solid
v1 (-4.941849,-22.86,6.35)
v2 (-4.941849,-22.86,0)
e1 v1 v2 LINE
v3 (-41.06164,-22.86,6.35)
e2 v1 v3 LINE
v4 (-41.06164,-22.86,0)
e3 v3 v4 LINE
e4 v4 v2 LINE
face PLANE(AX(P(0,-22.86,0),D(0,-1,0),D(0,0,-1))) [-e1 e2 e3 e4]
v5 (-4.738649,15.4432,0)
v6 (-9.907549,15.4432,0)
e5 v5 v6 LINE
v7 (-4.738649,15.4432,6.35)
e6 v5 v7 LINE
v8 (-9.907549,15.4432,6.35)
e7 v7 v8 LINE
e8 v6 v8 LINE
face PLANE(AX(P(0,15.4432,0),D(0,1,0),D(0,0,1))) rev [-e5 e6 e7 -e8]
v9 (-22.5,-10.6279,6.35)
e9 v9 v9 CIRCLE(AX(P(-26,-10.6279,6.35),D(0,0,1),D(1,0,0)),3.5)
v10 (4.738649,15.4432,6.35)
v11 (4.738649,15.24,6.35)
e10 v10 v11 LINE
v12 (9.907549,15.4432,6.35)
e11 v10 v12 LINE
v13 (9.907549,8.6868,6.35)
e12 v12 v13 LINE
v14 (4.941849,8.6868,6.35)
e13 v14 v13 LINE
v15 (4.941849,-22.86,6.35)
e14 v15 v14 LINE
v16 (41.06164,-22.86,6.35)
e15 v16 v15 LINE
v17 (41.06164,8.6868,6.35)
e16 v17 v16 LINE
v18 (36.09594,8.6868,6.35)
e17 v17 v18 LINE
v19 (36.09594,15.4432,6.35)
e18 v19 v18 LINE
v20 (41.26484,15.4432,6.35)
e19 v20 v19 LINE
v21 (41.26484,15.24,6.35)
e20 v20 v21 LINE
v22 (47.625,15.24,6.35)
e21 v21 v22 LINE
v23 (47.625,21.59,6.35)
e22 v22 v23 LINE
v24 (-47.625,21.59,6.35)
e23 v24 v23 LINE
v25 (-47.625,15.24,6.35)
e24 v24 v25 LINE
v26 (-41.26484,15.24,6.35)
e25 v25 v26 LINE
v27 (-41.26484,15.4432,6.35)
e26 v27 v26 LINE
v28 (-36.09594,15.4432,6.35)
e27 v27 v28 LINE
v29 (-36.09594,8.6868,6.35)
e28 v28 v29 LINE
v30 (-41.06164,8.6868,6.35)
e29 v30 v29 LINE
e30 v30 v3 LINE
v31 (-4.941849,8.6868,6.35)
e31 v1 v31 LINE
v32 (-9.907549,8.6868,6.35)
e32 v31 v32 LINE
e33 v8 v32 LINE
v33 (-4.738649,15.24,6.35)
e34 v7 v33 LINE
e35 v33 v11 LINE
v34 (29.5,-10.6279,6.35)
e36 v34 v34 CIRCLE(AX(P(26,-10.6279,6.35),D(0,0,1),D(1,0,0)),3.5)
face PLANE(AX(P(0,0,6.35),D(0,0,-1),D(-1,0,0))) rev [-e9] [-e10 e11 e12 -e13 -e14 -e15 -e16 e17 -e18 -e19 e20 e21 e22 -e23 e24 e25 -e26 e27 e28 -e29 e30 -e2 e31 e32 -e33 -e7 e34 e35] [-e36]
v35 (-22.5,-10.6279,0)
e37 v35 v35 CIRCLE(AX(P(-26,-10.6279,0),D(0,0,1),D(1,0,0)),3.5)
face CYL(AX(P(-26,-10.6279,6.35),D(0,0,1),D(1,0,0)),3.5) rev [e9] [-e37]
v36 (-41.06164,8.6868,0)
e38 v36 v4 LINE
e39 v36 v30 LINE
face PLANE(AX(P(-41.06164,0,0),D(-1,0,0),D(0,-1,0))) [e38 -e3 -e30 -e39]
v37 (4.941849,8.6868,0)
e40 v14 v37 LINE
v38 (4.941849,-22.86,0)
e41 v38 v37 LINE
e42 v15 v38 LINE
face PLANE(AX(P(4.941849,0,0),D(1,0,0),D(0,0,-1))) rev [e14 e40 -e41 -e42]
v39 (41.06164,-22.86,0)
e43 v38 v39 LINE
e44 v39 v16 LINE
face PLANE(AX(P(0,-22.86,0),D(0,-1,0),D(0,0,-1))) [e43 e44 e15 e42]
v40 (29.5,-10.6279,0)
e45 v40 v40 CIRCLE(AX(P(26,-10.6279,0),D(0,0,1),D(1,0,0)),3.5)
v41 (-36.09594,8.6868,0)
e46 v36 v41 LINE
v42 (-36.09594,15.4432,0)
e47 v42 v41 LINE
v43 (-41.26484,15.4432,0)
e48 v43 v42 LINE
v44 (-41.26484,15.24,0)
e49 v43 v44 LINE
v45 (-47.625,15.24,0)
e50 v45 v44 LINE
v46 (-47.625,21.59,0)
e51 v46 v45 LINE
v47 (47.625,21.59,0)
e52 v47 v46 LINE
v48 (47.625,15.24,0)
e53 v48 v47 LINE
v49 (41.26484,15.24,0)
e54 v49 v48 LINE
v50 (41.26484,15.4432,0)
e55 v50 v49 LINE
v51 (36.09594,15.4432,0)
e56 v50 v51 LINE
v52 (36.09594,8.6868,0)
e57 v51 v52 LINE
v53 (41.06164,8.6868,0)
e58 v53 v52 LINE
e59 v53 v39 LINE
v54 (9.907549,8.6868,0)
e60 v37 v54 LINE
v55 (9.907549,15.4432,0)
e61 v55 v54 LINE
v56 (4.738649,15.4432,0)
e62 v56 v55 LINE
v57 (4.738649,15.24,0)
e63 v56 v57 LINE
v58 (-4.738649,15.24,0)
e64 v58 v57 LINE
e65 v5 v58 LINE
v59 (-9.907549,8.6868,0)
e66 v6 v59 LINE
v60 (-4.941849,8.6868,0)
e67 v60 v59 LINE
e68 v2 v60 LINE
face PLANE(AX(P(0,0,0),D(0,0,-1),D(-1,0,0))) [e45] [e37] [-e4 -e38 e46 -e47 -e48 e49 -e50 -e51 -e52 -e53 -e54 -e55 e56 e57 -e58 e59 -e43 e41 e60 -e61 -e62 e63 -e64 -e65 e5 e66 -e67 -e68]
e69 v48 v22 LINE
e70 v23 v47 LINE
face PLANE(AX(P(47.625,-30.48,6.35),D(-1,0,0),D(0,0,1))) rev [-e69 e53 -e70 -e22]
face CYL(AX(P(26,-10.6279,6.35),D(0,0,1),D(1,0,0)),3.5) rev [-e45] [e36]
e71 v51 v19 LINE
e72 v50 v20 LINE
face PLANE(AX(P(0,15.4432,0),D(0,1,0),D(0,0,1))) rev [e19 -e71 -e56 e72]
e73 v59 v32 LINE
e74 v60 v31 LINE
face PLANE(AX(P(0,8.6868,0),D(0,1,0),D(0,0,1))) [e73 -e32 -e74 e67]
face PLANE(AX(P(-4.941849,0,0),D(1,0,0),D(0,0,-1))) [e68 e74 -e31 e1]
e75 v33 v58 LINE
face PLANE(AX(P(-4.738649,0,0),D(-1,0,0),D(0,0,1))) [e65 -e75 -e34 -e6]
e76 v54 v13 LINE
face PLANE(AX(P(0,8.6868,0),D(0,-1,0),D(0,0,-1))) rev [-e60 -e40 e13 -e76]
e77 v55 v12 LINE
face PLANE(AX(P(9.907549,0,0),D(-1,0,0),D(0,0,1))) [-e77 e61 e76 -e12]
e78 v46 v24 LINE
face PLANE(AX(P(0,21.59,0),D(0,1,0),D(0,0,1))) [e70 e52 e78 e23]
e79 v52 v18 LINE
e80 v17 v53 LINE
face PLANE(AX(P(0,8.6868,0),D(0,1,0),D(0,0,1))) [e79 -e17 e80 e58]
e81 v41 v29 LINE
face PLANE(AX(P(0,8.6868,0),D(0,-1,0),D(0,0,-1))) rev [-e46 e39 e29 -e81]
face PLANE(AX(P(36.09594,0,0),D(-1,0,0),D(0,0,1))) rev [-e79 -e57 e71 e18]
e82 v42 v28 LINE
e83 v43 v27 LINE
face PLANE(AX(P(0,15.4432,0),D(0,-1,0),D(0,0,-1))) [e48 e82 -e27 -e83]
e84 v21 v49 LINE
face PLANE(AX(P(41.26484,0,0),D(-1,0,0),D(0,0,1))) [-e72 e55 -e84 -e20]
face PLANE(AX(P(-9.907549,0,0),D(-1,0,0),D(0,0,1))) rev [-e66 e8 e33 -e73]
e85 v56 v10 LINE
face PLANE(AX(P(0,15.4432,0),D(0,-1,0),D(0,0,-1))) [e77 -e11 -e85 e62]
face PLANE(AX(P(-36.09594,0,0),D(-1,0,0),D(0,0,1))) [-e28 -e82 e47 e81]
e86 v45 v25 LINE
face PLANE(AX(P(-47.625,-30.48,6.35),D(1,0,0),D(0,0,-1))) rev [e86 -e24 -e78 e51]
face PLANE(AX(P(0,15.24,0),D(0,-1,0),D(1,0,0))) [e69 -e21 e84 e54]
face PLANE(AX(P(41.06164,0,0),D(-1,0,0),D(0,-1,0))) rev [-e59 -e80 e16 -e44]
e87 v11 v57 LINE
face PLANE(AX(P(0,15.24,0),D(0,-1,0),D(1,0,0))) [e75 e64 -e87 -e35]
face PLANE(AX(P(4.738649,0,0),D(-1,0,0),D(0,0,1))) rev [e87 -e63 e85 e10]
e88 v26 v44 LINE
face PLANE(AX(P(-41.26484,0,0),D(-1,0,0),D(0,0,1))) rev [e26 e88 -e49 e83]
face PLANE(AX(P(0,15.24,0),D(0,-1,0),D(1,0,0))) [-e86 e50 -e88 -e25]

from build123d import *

# Parameters (mm, degrees)
SKETCH3_W            = 95.25
SKETCH3_H            = 60.96
BOSS_EXTRUDE1_DEPTH  = 6.35
SKETCH4_W            = 6.56336
SKETCH4_H            = 45.72
SKETCH4_W_2          = 9.8836988
CUT_EXTRUDE1_DEPTH   = 6.35
SKETCH5_W            = 5.1689
SKETCH5_H            = 6.7564
CUT_EXTRUDE2_DEPTH   = 57.898976485
SKETCH9_W            = 95.25
SKETCH9_H            = 6.35
CUT_EXTRUDE6_DEPTH   = 8.89
SKETCH11_W           = 82.12328
SKETCH11_H           = 6.35
CUT_EXTRUDE9_DEPTH   = 7.62
M6_CLEARANCE_HOLE2_D = 7


with BuildPart() as part:
    # Sketch3 → Boss-Extrude1 (new body)
    with BuildSketch(Plane.XY):
        Rectangle(SKETCH3_W, SKETCH3_H)
    extrude(amount=BOSS_EXTRUDE1_DEPTH)

    # Sketch4 → Cut-Extrude1 (cut)
    with BuildSketch(Plane.XY.offset(6.35)):
        with Locations((-44.34332, -7.62)):
            Rectangle(SKETCH4_W, SKETCH4_H)
        with Locations((0, -7.62)):
            Rectangle(SKETCH4_W_2, SKETCH4_H)
        with Locations((44.34332, -7.62)):
            Rectangle(SKETCH4_W, SKETCH4_H)
    extrude(amount=-CUT_EXTRUDE1_DEPTH, mode=Mode.SUBTRACT)

    # Sketch5 → Cut-Extrude2 (cut, through all)
    with BuildSketch(Plane.XY.offset(6.35)):
        with Locations((-38.68039, 12.065)):
            Rectangle(SKETCH5_W, SKETCH5_H)
        with Locations((-7.3230994, 12.065)):
            Rectangle(SKETCH5_W, SKETCH5_H)
    cut_extrude2 = extrude(amount=-CUT_EXTRUDE2_DEPTH, mode=Mode.SUBTRACT)

    # Mirror1: Cut-Extrude2 across plane
    add(cut_extrude2.mirror(Plane(origin=(0, 0, 0), x_dir=(0, 0, 1), z_dir=(1, 0, 0))), mode=Mode.SUBTRACT)

    # Sketch9 → Cut-Extrude6 (cut)
    with BuildSketch(Plane(origin=(0, 30.48, 0), x_dir=(1, 0, 0), z_dir=(0, 1, 0))):
        with Locations((0, -3.175)):
            Rectangle(SKETCH9_W, SKETCH9_H)
    extrude(amount=-CUT_EXTRUDE6_DEPTH, mode=Mode.SUBTRACT)

    # Sketch11 → Cut-Extrude9 (cut)
    with BuildSketch(Plane.XZ.offset(30.48)):
        with Locations((0, 3.175)):
            Rectangle(SKETCH11_W, SKETCH11_H)
    extrude(amount=-CUT_EXTRUDE9_DEPTH, mode=Mode.SUBTRACT)

    # M6 Clearance Hole2 (through all)
    with Locations(Plane.XY.offset(6.35)):
        with Locations((26, -10.6279), (-26, -10.6279)):
            Hole(M6_CLEARANCE_HOLE2_D / 2)


solid = part.part
